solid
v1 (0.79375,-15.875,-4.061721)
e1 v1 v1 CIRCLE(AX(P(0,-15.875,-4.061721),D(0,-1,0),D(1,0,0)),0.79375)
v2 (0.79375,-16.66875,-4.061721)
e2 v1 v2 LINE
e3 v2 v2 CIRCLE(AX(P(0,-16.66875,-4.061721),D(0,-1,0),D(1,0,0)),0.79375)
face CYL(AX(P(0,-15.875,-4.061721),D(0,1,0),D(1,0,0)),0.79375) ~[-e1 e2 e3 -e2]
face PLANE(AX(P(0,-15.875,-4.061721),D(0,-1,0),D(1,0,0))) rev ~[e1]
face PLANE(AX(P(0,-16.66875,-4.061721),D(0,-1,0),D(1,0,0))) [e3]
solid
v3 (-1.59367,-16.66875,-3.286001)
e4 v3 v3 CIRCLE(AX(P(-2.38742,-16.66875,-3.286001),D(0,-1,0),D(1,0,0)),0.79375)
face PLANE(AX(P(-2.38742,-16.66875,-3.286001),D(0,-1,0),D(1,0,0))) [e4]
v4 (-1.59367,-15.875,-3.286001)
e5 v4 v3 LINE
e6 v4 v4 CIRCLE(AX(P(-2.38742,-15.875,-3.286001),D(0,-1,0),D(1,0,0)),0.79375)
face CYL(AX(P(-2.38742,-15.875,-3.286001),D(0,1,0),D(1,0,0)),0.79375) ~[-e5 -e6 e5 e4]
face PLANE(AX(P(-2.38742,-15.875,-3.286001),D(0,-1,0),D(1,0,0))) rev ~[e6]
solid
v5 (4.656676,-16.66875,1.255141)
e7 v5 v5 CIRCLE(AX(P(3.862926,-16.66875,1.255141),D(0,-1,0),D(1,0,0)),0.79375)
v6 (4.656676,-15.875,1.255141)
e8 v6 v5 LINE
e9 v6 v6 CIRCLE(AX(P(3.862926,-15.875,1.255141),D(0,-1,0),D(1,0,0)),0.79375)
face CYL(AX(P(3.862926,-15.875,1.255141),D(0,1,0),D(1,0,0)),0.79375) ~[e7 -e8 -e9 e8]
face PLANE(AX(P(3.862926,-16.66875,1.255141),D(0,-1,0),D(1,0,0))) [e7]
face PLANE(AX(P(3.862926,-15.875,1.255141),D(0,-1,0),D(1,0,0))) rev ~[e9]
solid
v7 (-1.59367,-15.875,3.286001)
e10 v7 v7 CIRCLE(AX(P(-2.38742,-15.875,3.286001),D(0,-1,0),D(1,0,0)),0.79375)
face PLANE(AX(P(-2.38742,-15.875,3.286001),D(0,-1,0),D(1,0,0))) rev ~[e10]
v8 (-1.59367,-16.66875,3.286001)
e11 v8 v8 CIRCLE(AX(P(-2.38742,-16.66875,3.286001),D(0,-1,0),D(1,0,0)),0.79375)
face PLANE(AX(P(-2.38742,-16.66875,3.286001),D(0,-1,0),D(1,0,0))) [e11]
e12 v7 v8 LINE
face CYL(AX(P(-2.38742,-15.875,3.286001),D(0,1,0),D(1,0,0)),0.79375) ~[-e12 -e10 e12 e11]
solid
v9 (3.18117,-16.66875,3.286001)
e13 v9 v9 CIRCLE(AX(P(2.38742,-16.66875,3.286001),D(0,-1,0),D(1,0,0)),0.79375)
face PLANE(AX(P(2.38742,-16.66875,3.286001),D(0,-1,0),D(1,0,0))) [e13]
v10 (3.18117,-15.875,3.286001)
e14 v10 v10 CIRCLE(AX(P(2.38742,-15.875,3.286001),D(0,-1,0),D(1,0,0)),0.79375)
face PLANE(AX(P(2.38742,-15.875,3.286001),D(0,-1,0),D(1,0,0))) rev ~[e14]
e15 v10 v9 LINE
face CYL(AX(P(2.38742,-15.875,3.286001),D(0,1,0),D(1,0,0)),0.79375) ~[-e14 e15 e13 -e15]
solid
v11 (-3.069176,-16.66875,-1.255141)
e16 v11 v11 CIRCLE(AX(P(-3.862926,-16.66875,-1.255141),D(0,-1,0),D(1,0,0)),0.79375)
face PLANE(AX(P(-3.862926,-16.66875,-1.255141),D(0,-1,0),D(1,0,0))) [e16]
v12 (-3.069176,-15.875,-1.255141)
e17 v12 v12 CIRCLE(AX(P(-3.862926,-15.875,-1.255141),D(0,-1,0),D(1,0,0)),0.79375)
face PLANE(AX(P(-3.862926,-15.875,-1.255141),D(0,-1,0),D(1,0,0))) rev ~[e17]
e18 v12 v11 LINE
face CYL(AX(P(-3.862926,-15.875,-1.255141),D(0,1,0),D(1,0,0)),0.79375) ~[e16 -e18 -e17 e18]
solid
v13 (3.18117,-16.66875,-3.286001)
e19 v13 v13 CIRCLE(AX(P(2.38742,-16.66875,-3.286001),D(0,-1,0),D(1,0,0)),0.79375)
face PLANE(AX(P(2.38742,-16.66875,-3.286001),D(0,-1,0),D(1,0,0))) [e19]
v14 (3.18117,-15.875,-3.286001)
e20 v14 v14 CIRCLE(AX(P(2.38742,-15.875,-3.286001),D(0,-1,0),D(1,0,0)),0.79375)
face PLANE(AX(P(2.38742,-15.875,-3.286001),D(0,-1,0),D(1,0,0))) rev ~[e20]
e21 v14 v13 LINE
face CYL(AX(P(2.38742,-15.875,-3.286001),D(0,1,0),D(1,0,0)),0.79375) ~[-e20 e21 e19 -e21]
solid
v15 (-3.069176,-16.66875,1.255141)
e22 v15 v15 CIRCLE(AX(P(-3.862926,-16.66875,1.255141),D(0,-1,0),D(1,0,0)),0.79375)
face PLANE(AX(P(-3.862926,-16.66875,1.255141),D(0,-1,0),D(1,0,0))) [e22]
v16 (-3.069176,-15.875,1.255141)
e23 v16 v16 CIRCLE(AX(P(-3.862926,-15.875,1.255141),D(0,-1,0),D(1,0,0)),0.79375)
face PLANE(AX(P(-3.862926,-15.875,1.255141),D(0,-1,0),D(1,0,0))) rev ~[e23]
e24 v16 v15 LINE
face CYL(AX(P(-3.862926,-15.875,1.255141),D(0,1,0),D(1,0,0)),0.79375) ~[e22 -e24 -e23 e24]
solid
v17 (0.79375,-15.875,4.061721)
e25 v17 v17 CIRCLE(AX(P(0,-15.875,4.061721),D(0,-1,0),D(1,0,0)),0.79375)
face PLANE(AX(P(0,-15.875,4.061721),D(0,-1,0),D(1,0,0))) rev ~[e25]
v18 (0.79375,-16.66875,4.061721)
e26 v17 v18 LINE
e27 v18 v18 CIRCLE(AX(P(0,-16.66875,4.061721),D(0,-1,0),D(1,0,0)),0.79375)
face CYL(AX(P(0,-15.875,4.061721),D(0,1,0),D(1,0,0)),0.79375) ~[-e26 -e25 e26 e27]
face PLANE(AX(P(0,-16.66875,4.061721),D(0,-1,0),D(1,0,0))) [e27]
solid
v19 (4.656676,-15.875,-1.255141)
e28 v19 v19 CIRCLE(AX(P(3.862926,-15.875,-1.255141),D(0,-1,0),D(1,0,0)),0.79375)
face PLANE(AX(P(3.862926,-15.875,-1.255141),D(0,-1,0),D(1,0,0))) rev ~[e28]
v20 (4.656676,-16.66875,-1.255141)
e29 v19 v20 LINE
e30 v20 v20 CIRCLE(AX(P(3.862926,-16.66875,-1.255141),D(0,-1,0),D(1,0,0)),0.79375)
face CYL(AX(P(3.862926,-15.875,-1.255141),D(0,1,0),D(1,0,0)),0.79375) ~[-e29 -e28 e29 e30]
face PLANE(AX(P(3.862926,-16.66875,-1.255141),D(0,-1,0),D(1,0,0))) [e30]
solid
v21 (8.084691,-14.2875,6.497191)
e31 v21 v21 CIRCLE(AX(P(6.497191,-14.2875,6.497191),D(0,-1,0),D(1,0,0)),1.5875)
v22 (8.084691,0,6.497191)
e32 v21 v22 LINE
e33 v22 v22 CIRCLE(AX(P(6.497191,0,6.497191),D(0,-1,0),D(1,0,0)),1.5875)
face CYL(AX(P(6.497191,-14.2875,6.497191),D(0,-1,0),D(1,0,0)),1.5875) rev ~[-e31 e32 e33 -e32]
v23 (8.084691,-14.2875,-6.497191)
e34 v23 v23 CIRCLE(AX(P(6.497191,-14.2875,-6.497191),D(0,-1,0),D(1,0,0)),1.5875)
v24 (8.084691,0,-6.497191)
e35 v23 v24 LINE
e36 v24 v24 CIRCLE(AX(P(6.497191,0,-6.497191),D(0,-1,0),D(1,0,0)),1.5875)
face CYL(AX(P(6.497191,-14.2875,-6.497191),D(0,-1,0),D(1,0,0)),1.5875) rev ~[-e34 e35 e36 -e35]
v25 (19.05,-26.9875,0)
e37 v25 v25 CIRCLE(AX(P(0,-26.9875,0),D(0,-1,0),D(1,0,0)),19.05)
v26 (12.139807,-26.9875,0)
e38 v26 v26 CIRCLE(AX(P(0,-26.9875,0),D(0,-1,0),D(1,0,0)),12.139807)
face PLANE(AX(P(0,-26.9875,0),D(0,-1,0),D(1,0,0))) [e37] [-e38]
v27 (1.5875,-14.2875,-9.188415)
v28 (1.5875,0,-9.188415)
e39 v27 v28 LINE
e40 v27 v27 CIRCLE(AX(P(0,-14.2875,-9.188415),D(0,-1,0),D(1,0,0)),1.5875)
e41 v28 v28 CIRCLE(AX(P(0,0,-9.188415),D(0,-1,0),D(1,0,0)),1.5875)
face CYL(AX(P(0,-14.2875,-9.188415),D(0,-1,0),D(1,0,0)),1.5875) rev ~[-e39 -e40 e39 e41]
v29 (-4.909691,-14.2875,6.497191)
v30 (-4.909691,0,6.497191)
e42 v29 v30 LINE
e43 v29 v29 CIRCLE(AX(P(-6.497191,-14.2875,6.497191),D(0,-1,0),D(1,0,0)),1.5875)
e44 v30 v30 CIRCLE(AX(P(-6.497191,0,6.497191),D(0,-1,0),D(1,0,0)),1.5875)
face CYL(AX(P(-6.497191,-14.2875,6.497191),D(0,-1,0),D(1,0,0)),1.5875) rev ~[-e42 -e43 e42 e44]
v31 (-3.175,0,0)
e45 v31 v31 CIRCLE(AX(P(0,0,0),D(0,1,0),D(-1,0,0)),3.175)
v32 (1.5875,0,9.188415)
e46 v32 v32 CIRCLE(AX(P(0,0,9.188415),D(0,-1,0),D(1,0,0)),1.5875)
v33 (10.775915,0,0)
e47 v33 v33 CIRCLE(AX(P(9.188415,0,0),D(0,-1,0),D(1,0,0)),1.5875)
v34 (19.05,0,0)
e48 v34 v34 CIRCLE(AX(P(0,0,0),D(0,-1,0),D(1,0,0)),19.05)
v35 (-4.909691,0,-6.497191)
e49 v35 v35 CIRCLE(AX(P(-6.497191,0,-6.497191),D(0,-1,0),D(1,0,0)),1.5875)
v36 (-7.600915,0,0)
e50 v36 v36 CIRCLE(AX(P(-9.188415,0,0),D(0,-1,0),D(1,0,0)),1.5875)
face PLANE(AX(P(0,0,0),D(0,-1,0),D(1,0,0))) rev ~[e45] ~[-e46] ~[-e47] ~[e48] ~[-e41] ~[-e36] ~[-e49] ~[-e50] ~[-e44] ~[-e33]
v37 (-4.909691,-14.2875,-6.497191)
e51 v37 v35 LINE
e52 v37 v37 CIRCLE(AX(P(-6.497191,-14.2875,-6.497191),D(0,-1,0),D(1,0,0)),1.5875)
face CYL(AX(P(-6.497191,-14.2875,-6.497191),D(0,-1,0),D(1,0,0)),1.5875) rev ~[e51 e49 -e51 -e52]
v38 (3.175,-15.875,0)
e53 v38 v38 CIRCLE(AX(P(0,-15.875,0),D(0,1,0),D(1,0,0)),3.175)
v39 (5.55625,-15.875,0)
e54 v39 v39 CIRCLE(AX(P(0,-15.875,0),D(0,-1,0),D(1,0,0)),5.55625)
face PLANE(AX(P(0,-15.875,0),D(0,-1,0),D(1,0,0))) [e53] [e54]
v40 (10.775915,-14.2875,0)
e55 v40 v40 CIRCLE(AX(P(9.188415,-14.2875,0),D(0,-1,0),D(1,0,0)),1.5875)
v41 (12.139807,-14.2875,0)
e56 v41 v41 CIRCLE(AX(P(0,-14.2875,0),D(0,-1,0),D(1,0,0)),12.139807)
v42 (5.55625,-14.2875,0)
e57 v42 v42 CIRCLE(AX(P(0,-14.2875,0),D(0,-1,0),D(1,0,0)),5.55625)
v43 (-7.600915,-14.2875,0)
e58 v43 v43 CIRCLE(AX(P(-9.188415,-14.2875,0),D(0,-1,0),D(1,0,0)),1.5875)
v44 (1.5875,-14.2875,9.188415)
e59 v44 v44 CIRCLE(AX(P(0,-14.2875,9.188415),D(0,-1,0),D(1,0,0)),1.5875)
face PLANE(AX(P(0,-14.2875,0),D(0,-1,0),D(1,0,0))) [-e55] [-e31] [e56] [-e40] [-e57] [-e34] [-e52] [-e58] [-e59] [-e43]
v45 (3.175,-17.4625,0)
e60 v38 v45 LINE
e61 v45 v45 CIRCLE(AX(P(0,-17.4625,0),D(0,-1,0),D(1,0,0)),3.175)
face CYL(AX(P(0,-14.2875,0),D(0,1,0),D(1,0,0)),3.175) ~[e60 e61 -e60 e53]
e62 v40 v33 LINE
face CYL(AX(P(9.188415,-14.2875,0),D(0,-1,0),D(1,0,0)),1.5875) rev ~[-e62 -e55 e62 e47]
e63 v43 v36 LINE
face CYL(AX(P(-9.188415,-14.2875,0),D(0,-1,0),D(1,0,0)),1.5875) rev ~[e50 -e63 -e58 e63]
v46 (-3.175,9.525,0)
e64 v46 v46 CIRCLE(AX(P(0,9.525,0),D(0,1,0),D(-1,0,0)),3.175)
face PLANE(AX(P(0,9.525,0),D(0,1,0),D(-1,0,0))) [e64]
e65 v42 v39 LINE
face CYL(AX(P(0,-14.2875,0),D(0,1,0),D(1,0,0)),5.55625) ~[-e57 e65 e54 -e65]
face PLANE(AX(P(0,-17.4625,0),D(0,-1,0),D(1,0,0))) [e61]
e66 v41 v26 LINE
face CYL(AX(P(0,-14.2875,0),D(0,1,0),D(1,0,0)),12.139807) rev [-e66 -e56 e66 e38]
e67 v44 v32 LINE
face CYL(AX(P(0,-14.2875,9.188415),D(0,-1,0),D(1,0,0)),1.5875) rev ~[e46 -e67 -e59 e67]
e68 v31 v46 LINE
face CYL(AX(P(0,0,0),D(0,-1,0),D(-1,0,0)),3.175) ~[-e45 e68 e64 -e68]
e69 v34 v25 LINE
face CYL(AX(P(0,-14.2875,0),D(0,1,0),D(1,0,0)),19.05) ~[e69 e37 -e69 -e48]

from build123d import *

# Parameters (mm, degrees)
F0_R      = 19.05
F1_DEPTH  = 14.2875
F2_R      = 1.5875
F3_DEPTH  = 20.32
F5_R      = 3.175
F6_DEPTH  = 3.175
F4_R      = 5.55625
F7_DEPTH  = 1.5875
F8_R      = 0.79375
F9_DEPTH  = 0.79375
F10_R     = 3.175
F11_DEPTH = 9.525
F12_R     = 19.05
F12_R_2   = 12.139806815
F13_DEPTH = 12.7


with BuildPart() as f1:
    # F0 (on Front) → F1 (new body)
    with BuildSketch(Plane.XZ):
        Circle(F0_R)
    extrude(amount=F1_DEPTH)

    # F2 (on face) → F3 (cut)
    with BuildSketch(Plane.XZ.offset(14.2875)):
        with Locations((0, 9.1884150909)):
            Circle(F2_R)
        with Locations((6.4971906191, 6.4971906191)):
            Circle(F2_R)
        with Locations((9.1884150909, 0)):
            Circle(F2_R)
        with Locations((6.4971906191, -6.4971906191)):
            Circle(F2_R)
        with Locations((0, -9.1884150909)):
            Circle(F2_R)
        with Locations((-6.4971906191, -6.4971906191)):
            Circle(F2_R)
        with Locations((-9.1884150909, 0)):
            Circle(F2_R)
        with Locations((-6.4971906191, 6.4971906191)):
            Circle(F2_R)
    extrude(amount=-F3_DEPTH, mode=Mode.SUBTRACT)

    # F5 (on face) → F6 (join)
    with BuildSketch(Plane.XZ.offset(14.2875)):
        Circle(F5_R)
    extrude(amount=F6_DEPTH)

    # F4 (on face) → F7 (join)
    with BuildSketch(Plane.XZ.offset(14.2875)):
        Circle(F4_R)
    extrude(amount=F7_DEPTH)

    # F10 (on face) → F11 (join)
    with BuildSketch(Plane(origin=(0, 0, 0), x_dir=(-1, 0, 0), z_dir=(0, 1, 0))):
        Circle(F10_R)
    extrude(amount=F11_DEPTH)

    # F12 (on face) → F13 (join)
    with BuildSketch(Plane.XZ.offset(14.2875)):
        Circle(F12_R)
        Circle(F12_R_2, mode=Mode.SUBTRACT)
    extrude(amount=F13_DEPTH)


with BuildPart() as f9:
    # F8 (on face) → F9 (new body)
    with BuildSketch(Plane.XZ.offset(15.875)):
        with Locations((0, 4.0617209223)):
            Circle(F8_R)
    extrude(amount=F9_DEPTH)


with BuildPart() as f9b:
    # F8 (on face) → F9, piece 2 (new body)
    with BuildSketch(Plane.XZ.offset(15.875)):
        with Locations((2.387419657, 3.2860012525)):
            Circle(F8_R)
    extrude(amount=F9_DEPTH)


with BuildPart() as f9c:
    # F8 (on face) → F9, piece 3 (new body)
    with BuildSketch(Plane.XZ.offset(15.875)):
        with Locations((3.8629261505, 1.2551407914)):
            Circle(F8_R)
    extrude(amount=F9_DEPTH)


with BuildPart() as f9d:
    # F8 (on face) → F9, piece 4 (new body)
    with BuildSketch(Plane.XZ.offset(15.875)):
        with Locations((3.8629261505, -1.2551407914)):
            Circle(F8_R)
    extrude(amount=F9_DEPTH)


with BuildPart() as f9e:
    # F8 (on face) → F9, piece 5 (new body)
    with BuildSketch(Plane.XZ.offset(15.875)):
        with Locations((2.387419657, -3.2860012525)):
            Circle(F8_R)
    extrude(amount=F9_DEPTH)


with BuildPart() as f9f:
    # F8 (on face) → F9, piece 6 (new body)
    with BuildSketch(Plane.XZ.offset(15.875)):
        with Locations((0, -4.0617209223)):
            Circle(F8_R)
    extrude(amount=F9_DEPTH)


with BuildPart() as f9g:
    # F8 (on face) → F9, piece 7 (new body)
    with BuildSketch(Plane.XZ.offset(15.875)):
        with Locations((-2.387419657, -3.2860012525)):
            Circle(F8_R)
    extrude(amount=F9_DEPTH)


with BuildPart() as f9h:
    # F8 (on face) → F9, piece 8 (new body)
    with BuildSketch(Plane.XZ.offset(15.875)):
        with Locations((-3.8629261505, -1.2551407914)):
            Circle(F8_R)
    extrude(amount=F9_DEPTH)


with BuildPart() as f9i:
    # F8 (on face) → F9, piece 9 (new body)
    with BuildSketch(Plane.XZ.offset(15.875)):
        with Locations((-3.8629261505, 1.2551407914)):
            Circle(F8_R)
    extrude(amount=F9_DEPTH)


with BuildPart() as f9j:
    # F8 (on face) → F9, piece 10 (new body)
    with BuildSketch(Plane.XZ.offset(15.875)):
        with Locations((-2.387419657, 3.2860012525)):
            Circle(F8_R)
    extrude(amount=F9_DEPTH)


solid = Compound([f1.part, f9.part, f9b.part, f9c.part, f9d.part, f9e.part, f9f.part, f9g.part, f9h.part, f9i.part, f9j.part])
